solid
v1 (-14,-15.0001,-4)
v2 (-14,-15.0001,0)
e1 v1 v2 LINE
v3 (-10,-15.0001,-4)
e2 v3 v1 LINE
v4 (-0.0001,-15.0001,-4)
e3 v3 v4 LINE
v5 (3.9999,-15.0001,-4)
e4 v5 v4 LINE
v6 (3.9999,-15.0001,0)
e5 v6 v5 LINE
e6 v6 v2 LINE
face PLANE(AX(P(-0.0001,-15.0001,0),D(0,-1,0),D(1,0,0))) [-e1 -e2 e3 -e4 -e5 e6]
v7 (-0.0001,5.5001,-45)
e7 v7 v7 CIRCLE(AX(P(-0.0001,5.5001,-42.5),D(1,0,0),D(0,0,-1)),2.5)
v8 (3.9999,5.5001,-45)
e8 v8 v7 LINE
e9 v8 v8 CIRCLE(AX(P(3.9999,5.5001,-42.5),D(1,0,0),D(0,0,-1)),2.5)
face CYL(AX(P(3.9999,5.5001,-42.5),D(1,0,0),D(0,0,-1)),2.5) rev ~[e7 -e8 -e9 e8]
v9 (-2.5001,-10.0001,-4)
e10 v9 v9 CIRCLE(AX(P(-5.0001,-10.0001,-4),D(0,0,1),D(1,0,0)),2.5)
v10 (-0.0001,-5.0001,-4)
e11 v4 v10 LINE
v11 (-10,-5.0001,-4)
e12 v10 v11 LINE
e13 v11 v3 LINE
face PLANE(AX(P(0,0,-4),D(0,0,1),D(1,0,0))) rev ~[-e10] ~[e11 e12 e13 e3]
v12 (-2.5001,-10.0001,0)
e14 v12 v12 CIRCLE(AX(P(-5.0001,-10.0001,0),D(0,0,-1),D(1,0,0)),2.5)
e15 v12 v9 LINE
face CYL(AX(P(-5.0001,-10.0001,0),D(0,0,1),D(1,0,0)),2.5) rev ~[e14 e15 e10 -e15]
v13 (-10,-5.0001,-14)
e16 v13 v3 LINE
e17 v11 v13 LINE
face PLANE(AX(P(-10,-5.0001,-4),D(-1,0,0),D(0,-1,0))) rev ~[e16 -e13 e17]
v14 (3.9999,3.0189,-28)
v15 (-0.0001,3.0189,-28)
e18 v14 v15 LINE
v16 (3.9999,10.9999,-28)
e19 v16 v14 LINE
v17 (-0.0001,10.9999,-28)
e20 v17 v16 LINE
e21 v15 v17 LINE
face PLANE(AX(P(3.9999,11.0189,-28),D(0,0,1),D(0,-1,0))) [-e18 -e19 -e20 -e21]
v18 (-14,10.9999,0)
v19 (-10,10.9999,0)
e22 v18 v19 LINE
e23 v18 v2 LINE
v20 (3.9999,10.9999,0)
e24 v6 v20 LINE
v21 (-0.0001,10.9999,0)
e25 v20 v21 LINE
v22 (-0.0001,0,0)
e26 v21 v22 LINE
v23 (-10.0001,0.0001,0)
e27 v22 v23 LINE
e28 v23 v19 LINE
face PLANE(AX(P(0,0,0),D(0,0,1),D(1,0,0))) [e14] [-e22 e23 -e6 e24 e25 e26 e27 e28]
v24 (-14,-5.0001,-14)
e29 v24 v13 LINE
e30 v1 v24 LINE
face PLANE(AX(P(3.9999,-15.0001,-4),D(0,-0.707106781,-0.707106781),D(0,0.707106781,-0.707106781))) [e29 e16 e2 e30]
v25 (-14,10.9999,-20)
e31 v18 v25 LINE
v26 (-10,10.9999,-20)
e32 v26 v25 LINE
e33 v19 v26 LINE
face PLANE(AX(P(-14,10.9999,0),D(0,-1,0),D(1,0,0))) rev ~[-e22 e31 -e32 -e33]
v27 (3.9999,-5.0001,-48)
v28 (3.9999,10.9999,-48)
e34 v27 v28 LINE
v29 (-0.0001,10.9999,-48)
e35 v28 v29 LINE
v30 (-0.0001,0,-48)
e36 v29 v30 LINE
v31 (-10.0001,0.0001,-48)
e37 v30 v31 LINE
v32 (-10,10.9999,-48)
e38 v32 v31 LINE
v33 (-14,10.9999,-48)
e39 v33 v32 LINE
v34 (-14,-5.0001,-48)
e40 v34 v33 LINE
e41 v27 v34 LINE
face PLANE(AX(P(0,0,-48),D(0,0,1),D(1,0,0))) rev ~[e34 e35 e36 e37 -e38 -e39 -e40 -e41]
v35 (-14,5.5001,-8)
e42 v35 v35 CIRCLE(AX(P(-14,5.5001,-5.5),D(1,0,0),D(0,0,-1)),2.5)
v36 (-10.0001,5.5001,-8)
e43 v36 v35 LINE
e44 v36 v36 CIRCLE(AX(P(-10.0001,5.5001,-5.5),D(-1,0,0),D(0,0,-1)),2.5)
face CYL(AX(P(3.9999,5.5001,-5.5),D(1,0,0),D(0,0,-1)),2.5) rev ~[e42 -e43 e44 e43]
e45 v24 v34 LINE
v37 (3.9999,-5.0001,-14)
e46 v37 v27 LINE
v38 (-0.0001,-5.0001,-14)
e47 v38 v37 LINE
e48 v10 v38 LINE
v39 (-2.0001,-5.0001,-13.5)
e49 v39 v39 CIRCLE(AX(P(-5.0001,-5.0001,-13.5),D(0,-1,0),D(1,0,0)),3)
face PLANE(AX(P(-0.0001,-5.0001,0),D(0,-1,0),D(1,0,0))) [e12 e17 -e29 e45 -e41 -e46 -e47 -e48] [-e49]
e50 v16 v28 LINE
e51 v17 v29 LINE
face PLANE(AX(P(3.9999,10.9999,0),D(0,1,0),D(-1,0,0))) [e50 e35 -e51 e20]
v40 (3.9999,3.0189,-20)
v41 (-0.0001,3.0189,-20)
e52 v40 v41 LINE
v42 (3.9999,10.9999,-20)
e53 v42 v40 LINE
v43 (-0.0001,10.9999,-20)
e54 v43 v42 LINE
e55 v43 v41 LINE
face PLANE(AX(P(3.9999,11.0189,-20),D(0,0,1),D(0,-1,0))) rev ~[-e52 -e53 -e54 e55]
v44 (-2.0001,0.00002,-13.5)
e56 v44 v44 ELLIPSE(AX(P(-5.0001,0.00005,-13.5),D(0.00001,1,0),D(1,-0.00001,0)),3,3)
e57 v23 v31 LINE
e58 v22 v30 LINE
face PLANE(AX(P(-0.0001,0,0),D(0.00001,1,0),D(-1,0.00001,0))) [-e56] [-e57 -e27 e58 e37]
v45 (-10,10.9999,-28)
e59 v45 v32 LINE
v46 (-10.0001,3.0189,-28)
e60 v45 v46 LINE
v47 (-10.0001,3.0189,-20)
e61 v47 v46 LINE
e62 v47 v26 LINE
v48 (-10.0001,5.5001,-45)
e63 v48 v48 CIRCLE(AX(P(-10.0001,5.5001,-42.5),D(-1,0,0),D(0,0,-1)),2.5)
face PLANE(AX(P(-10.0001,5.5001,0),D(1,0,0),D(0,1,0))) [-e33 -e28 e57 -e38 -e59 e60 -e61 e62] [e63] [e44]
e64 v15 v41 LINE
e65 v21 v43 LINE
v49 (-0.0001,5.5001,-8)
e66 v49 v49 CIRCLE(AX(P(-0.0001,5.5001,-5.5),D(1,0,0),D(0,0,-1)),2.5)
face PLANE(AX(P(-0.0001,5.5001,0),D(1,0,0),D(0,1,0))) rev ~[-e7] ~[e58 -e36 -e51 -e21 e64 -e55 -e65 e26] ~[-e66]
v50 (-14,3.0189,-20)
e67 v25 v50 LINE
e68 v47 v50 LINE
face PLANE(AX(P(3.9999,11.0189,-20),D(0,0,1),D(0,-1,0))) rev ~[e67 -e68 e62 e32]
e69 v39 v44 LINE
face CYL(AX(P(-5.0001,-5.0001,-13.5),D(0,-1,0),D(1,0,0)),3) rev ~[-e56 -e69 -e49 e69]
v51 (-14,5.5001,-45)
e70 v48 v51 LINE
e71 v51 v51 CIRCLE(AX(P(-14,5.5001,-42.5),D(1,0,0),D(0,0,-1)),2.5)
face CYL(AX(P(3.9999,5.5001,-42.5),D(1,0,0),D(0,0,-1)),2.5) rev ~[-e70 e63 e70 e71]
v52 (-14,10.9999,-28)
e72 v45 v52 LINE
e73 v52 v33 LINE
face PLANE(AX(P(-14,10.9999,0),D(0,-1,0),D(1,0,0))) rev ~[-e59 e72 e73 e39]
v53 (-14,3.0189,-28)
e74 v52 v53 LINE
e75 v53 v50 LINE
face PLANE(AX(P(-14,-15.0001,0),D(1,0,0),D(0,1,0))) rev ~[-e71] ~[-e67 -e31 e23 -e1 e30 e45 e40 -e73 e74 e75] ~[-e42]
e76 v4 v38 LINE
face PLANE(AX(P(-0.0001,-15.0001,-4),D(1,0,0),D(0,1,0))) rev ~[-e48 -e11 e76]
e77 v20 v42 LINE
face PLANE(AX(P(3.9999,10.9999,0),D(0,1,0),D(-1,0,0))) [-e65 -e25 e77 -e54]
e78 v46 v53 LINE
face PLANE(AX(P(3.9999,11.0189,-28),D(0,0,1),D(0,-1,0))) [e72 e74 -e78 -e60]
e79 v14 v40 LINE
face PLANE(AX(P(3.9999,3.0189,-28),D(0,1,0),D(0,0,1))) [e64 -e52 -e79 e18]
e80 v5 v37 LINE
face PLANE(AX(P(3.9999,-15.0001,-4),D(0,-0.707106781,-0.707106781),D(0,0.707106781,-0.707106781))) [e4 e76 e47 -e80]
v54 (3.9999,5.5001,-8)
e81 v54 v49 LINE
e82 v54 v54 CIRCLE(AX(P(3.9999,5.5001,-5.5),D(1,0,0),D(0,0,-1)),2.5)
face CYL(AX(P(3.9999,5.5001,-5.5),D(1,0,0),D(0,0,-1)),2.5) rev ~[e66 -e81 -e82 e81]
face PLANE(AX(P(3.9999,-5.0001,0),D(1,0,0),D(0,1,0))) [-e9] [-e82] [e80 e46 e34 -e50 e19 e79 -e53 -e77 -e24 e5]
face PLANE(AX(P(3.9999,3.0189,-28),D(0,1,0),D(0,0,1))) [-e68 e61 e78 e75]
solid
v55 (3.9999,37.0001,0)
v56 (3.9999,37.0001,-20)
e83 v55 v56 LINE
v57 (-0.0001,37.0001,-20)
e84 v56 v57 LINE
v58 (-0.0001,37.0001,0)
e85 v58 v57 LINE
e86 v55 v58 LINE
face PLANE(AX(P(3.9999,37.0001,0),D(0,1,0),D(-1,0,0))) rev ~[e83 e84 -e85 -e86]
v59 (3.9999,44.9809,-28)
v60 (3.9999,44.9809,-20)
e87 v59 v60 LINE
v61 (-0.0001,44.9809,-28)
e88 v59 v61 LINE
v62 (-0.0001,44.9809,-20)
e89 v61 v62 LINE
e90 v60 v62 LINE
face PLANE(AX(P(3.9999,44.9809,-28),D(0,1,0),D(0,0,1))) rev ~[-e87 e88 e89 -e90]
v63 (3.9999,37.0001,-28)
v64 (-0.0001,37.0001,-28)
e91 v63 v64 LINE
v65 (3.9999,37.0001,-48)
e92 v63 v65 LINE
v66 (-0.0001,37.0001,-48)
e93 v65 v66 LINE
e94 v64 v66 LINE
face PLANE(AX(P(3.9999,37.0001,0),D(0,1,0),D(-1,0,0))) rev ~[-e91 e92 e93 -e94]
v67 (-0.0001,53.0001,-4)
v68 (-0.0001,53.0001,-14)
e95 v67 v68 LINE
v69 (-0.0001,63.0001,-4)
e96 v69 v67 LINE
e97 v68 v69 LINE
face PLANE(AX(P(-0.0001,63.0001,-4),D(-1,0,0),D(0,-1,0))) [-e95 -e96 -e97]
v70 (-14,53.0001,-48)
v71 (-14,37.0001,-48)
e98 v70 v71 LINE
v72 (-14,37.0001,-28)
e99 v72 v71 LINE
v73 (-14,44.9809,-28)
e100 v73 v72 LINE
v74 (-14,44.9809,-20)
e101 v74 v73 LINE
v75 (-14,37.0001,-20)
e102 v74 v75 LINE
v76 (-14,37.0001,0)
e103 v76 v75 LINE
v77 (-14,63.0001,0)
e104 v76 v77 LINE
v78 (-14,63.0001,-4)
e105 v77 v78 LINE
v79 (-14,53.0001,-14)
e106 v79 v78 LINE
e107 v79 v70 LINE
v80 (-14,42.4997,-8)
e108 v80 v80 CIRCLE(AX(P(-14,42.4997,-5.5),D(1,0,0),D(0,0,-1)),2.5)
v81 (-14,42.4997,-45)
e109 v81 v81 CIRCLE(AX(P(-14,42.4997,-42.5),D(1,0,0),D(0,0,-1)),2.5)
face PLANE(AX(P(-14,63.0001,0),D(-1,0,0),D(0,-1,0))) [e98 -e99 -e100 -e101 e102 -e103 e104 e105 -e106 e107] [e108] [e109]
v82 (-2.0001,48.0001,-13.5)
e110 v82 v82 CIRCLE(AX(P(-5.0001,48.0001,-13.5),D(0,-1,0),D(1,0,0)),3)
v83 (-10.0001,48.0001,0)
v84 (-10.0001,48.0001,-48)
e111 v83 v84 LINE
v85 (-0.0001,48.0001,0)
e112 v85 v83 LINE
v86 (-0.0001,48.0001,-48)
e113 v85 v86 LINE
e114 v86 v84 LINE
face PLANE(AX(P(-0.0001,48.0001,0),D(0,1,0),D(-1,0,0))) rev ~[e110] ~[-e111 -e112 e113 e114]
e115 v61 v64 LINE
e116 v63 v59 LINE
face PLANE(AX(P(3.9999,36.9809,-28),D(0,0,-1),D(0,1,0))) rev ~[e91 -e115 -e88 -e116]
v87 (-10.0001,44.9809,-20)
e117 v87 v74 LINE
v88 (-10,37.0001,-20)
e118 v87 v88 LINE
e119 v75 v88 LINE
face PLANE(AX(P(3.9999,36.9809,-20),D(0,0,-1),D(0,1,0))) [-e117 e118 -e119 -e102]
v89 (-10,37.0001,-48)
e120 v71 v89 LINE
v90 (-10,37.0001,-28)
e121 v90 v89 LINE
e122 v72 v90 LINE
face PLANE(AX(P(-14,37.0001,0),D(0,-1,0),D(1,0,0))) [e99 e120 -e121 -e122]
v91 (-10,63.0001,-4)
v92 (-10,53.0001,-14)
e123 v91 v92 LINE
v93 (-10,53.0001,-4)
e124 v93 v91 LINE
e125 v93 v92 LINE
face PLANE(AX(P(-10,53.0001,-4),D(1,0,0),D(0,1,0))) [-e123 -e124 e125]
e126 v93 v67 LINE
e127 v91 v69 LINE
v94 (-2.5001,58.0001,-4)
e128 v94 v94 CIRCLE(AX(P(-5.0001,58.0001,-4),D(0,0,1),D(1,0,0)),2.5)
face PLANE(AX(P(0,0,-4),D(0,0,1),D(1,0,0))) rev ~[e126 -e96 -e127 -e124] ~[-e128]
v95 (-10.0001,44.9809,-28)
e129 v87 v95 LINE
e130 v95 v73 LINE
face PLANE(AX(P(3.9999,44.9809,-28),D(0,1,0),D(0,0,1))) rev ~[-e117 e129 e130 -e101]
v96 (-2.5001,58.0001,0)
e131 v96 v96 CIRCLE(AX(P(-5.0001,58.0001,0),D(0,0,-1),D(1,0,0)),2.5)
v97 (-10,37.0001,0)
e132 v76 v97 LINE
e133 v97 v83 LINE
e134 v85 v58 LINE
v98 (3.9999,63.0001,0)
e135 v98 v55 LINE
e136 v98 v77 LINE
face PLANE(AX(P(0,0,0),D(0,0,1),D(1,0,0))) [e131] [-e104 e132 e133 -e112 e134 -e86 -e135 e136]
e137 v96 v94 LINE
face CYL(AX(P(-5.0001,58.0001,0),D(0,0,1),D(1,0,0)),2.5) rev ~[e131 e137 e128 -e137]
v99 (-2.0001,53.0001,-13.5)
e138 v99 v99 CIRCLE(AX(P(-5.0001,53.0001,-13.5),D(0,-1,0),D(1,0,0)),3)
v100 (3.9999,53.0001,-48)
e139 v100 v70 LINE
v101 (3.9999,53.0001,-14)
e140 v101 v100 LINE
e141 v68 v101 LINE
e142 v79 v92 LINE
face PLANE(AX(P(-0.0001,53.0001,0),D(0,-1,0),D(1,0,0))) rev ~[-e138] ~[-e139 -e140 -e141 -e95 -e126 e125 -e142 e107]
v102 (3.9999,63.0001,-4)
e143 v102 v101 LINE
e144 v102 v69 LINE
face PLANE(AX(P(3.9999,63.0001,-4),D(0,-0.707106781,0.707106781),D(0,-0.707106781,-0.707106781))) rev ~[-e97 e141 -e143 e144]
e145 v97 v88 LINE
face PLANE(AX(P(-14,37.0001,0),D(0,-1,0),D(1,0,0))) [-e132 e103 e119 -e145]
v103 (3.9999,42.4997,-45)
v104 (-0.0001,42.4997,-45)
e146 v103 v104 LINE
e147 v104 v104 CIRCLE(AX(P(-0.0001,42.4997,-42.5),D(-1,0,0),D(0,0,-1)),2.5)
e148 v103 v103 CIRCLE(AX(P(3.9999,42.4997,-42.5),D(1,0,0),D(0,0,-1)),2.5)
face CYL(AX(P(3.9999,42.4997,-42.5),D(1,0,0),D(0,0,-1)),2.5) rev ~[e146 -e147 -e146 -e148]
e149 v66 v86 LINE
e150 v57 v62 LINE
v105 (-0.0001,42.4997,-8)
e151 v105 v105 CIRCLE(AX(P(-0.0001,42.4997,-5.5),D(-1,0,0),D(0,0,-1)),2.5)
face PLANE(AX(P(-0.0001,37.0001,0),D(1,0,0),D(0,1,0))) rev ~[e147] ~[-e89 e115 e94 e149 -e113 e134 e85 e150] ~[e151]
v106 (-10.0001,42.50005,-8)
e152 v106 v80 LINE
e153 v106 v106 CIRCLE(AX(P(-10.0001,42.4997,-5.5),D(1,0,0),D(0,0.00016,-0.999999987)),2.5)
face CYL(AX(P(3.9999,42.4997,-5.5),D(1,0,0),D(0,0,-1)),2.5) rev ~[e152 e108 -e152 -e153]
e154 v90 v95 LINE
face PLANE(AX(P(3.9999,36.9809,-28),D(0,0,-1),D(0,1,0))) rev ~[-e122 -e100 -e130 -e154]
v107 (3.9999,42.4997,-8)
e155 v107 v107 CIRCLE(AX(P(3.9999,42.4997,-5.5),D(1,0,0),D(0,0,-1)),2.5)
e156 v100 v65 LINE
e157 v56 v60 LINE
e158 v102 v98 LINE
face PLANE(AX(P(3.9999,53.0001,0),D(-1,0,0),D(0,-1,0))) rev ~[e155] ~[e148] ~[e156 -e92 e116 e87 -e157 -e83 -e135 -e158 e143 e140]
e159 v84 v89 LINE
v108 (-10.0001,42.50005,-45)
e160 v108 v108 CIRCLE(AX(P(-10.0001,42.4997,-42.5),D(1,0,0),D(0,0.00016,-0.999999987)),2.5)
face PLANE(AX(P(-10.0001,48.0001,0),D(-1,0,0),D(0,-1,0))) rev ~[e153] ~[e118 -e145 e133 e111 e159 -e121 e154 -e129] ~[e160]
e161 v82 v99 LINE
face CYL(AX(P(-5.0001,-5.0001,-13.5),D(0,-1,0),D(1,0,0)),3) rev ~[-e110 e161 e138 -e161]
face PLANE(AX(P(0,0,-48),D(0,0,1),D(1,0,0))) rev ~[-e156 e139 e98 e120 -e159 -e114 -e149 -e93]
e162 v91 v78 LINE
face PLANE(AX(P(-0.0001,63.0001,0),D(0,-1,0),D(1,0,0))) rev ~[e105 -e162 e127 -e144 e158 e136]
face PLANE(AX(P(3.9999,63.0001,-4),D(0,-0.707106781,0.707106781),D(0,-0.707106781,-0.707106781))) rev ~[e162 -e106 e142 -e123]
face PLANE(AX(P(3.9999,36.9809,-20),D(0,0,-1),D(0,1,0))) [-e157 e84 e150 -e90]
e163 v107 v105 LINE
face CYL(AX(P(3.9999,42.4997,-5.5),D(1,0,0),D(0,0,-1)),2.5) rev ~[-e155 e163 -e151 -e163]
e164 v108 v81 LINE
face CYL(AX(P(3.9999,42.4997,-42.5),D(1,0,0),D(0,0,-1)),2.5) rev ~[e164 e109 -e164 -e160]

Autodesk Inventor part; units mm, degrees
ref_plane "YZ Plane" through (0, 0, 0) normal (1, 0, 0) x (0, 1, 0)
ref_plane "XZ Plane" through (0, 0, 0) normal (0, 1, 0) x (-1, 0, 0)
ref_plane "XY Plane" through (0, 0, 0) normal (0, 0, 1) x (1, 0, 0)
sketch "Sketch3" plane through (0, 0, 0) normal (0, 0, 1) x (1, 0, 0)
  line L0 (-0.0001, 48.0001) -> (-10.0001, 48.0001)
  line L1 (-0.0001, 42.5001) -> (-0.0001, 48.0001)
  line L2 (-0.0001, 5.5001) -> (-0.0001, 42.5001)
  line L3 (-0.0001, 0) -> (-0.0001, 5.5001)
  line L4 (-10, 3) -> (0, 3)
  line L5 (-10.0001, 5.5001) -> (-10.0001, 42.5001)
  line L6 (-10.0001, 5.5001) -> (-10.0001, 0.0001)
  line L7 (-10.0001, 48.0001) -> (-10.0001, 42.5001)
  line L8 (-0.0001, 48.0001) -> (-10, 48.0001)
  line L9 (-10, 48.0001) -> (-10, 53.0001)
  line L10 (-10, 53.0001) -> (-0.0001, 53.0001)
  line L11 (-0.0001, 53.0001) -> (-0.0001, 48.0001)
  line L12 (-10, 3) -> (0, 3)
  line L13 (0, 3) -> (0, -2)
  line L14 (0, -2) -> (-10, -2)
  line L15 (-10, -2) -> (-10, 3)
  line L16 (-10, 53.0001) -> (-14, 53.0001)
  line L17 (-14, 53.0001) -> (-14, 37.0001)
  line L18 (-14, 37.0001) -> (-10, 37.0001)
  line L19 (-10, 37.0001) -> (-10, 53.0001)
  line L20 (0, 24) -> (-10, 24)
  line L21 (-0.0001, 53.0001) -> (3.9999, 53.0001)
  line L22 (3.9999, 53.0001) -> (3.9999, 37.0001)
  line L23 (3.9999, 37.0001) -> (-0.0001, 37.0001)
  line L24 (-0.0001, 37.0001) -> (-0.0001, 53.0001)
  line L25 (0, 0) -> (-10.0001, -0.0001)
  line L26 (-0.0001, 5.5001) -> (0, 0)
  line L27 (-10.0001, -0.0001) -> (-10.0001, 5.5001)
  line L28 (0, 0) -> (-10, -0.0001)
  line L29 (-10, -0.0001) -> (-10, -5.0001)
  line L30 (-10, -5.0001) -> (-0.0001, -5.0001)
  line L31 (-0.0001, -5.0001) -> (0, 0)
  line L32 (-10, -5.0001) -> (-14, -5.0001)
  line L33 (-14, -5.0001) -> (-14, 10.9999)
  line L34 (-14, 10.9999) -> (-10, 10.9999)
  line L35 (-10, 10.9999) -> (-10, -5.0001)
  line L36 (-0.0001, -5.0001) -> (3.9999, -5.0001)
  line L37 (3.9999, -5.0001) -> (3.9999, 10.9999)
  line L38 (3.9999, 10.9999) -> (-0.0001, 10.9999)
  line L39 (-0.0001, 10.9999) -> (-0.0001, -5.0001)
  point P0 (-10.0001, 0.0001)
  point P1 (-0.0001, 10.9999)
  point P2 (-10, 0)
  point P3 (-10.0001, 10.9999)
  point P4 (-10.0001, 37.0001)
  point P5 (-0.0001, 37.0001)
  point P6 (-0.0001, 0)
  point P7 (-10.0001, 0.0001)
  point P8 (-10, -0.0001)
extrude "Extrusion1" add sketch "Sketch3" against normal blind 48 contours L11 L21 L22 L23 L2 L1 | L0 L9 L10 L11 | L7 L5 L18 L17 L16 L9 | L38 L37 L36 L31 L13 L3 L2 | L5 L6 L15 L29 L32 L33 L34 | L13 L14 L15 L25 | L30 L29 L14 L31
sketch "Sketch4" plane through (3.9999, -5.0001, 0) normal (1, 0, 0) x (0, 0, -1)
  line L0 (22, 27.0002) -> (22, 10.0002) projected
  line L1 (26, 27.0002) -> (26, 10.0002) projected
  circle A0 centre (5.5, 10.5002) radius 2.5 projected
  circle A1 centre (42.5, 10.5002) radius 2.5 projected
  line L2 (22, 10) -> (26, 10) projected
  line L3 (-9.6, 29) -> (57.6, 29)
  line L4 (-9.6, 29) -> (57.6, 29)
  line L5 (22, 16.019) -> (20, 16.019)
  line L6 (20, 16.019) -> (20, 8.019)
  line L7 (26, 16.019) -> (28, 16.019)
  line L8 (28, 16.019) -> (28, 8.019)
  line L9 (28, 8.019) -> (20, 8.019)
  line L10 (20, 16.019) -> (28, 16.019)
  circle A2 centre (5.5, 47.4998) radius 2.5
  circle A3 centre (42.5, 47.4998) radius 2.5
  line L11 (20, 41.981) -> (20, 49.981)
  line L12 (28, 41.981) -> (28, 49.981)
  line L13 (28, 49.981) -> (20, 49.981)
  line L14 (20, 41.981) -> (28, 41.981)
  point P0 (0, 5.0001)
  point P1 (26, 41.981)
  dimension "d8" = 2
  dimension "d9" = 8
  dimension "d10" = 2
extrude "Extrusion2" cut sketch "Sketch4" against normal through all
sketch "Sketch5" plane through (0, 0, 0) normal (0, 0, 1) x (1, 0, 0)
  line L0 (3.9999, -5.0001) -> (-14, -5.0001) projected
  line L1 (-103.5812, 24) -> (13.5812, 24)
  line L2 (7.6307, 24) -> (-16.2188, 24)
  line L3 (-5.0001, -5.0001) -> (-5.0001, -15.0001)
  line L4 (-0.0001, -5.0001) -> (-0.0001, -15.0001)
  line L5 (-0.0001, -15.0001) -> (-10.0001, -15.0001)
  line L6 (-10.0001, -15.0001) -> (-10.0001, -5.0001)
  line L7 (-10.0001, -5.0001) -> (-0.0001, -5.0001)
  line L8 (-0.0001, -5.0001) -> (-10.0001, -15.0001) construction
  line L9 (-0.0001, -15.0001) -> (-10.0001, -5.0001) construction
  circle A0 centre (-5.0001, -10.0001) radius 2.5
  line L10 (-0.0001, -15.0001) -> (3.9999, -15.0001)
  line L11 (3.9999, -15.0001) -> (3.9999, -5.0001)
  line L12 (3.9999, -5.0001) -> (-0.0001, -5.0001)
  line L13 (-0.0001, -5.0001) -> (-0.0001, -15.0001)
  line L14 (-10.0001, -15.0001) -> (-14, -15.0001)
  line L15 (-14, -15.0001) -> (-14, -5.0001)
  line L16 (-14, -5.0001) -> (-10.0001, -5.0001)
  line L17 (-10.0001, -5.0001) -> (-10.0001, -15.0001)
  line L18 (3.9999, 53.0001) -> (-14, 53.0001)
  line L19 (-5.0001, 53.0001) -> (-5.0001, 63.0001)
  line L20 (-0.0001, 53.0001) -> (-0.0001, 63.0001)
  line L21 (-0.0001, 63.0001) -> (-10.0001, 63.0001)
  line L22 (-10.0001, 63.0001) -> (-10.0001, 53.0001)
  line L23 (-10.0001, 53.0001) -> (-0.0001, 53.0001)
  line L24 (-0.0001, 53.0001) -> (-10.0001, 63.0001) construction
  line L25 (-0.0001, 63.0001) -> (-10.0001, 53.0001) construction
  circle A1 centre (-5.0001, 58.0001) radius 2.5
  line L26 (-0.0001, 63.0001) -> (3.9999, 63.0001)
  line L27 (3.9999, 63.0001) -> (3.9999, 53.0001)
  line L28 (3.9999, 53.0001) -> (-0.0001, 53.0001)
  line L29 (-0.0001, 53.0001) -> (-0.0001, 63.0001)
  line L30 (-10.0001, 63.0001) -> (-14, 63.0001)
  line L31 (-14, 63.0001) -> (-14, 53.0001)
  line L32 (-14, 53.0001) -> (-10.0001, 53.0001)
  line L33 (-10.0001, 53.0001) -> (-10.0001, 63.0001)
  point P0 (0, 0)
  dimension "d13" = 10
  dimension "d14" = 10
  dimension "d15" = 5
extrude "Extrusion3" add sketch "Sketch5" against normal blind 4 contours L11 L10 L4 L0 | L4 L5 L3 A0 L0 | L3 A0 L5 L6 L0 | L6 L14 L15 L0 | L18 L20 L26 L27 | L18 L19 A1 L21 L20 | L18 L22 L21 L19 A1 | L18 L31 L30 L22
sketch "Sketch6" plane through (0, 0, -4) normal (0, 0, -1) x (-1, 0, 0)
  line L0 (-3.9999, -5.0001) -> (-3.9999, -15.0001) projected
  line L1 (-3.9999, -15.0001) -> (0.0001, -15.0001)
  line L2 (0.0001, -15.0001) -> (0.0001, -5.0001)
  line L3 (0.0001, -5.0001) -> (-3.9999, -5.0001)
  line L4 (-3.9999, -5.0001) -> (-3.9999, -15.0001)
  line L5 (14, 10.9999) -> (14, -15.0001) projected
  line L6 (14, -5.0001) -> (10, -5.0001)
  line L7 (10, -5.0001) -> (10, -15.0001)
  line L8 (10, -15.0001) -> (14, -15.0001)
  line L9 (14, -15.0001) -> (14, -5.0001)
  line L10 (-13.5812, 24) -> (103.5812, 24)
  line L11 (-3.9999, 53.0001) -> (-3.9999, 63.0001)
  line L12 (-3.9999, 63.0001) -> (0.0001, 63.0001)
  line L13 (0.0001, 63.0001) -> (0.0001, 53.0001)
  line L14 (0.0001, 53.0001) -> (-3.9999, 53.0001)
  line L15 (14, 37.0001) -> (14, 63.0001)
  line L16 (14, 53.0001) -> (10, 53.0001)
  line L17 (10, 53.0001) -> (10, 63.0001)
  line L18 (10, 63.0001) -> (14, 63.0001)
  point P0 (0, 0)
  point P1 (-3.9999, -5.0001)
  dimension "d18" = 4
extrude "Extrusion4" add sketch "Sketch6" along normal blind 10
sketch "Sketch7" plane through (3.9999, -5.0001, -48) normal (1, 0, 0) x (0, 0, -1)
  line L0 (-48, -10) -> (-34, -10) projected
  line L1 (-34, -10) -> (-44, -10)
  line L2 (-34, 0) -> (0, 0) projected
  line L3 (-44, -10) -> (-34, 0)
  line L4 (-34, 0) -> (-34, -10) projected
  line L5 (-34, -10) -> (-34, 0)
  line L6 (-34, 68.0002) -> (-34, 58.0002) projected
  line L7 (-34, 58.0002) -> (-34, 68.0002)
  line L8 (-34, 68.0002) -> (-44, 68.0002)
  line L9 (-44, 68.0002) -> (-34, 58.0002)
  point P0 (-48, 5.0001)
  dimension "d21" = 10
  dimension "d22" = 10
extrude "Extrusion5" cut sketch "Sketch7" against normal through all
sketch "Sketch8" plane through (-14, -5.0001, -48) normal (0, -1, 0) x (1, 0, 0)
  circle A0 centre (8.9999, 34.5) radius 3
  point P0 (14, 48)
extrude "Extrusion6" cut sketch "Sketch8" against normal through all
properties part number "2020_guide_adaptor" material "PET Plastic"
